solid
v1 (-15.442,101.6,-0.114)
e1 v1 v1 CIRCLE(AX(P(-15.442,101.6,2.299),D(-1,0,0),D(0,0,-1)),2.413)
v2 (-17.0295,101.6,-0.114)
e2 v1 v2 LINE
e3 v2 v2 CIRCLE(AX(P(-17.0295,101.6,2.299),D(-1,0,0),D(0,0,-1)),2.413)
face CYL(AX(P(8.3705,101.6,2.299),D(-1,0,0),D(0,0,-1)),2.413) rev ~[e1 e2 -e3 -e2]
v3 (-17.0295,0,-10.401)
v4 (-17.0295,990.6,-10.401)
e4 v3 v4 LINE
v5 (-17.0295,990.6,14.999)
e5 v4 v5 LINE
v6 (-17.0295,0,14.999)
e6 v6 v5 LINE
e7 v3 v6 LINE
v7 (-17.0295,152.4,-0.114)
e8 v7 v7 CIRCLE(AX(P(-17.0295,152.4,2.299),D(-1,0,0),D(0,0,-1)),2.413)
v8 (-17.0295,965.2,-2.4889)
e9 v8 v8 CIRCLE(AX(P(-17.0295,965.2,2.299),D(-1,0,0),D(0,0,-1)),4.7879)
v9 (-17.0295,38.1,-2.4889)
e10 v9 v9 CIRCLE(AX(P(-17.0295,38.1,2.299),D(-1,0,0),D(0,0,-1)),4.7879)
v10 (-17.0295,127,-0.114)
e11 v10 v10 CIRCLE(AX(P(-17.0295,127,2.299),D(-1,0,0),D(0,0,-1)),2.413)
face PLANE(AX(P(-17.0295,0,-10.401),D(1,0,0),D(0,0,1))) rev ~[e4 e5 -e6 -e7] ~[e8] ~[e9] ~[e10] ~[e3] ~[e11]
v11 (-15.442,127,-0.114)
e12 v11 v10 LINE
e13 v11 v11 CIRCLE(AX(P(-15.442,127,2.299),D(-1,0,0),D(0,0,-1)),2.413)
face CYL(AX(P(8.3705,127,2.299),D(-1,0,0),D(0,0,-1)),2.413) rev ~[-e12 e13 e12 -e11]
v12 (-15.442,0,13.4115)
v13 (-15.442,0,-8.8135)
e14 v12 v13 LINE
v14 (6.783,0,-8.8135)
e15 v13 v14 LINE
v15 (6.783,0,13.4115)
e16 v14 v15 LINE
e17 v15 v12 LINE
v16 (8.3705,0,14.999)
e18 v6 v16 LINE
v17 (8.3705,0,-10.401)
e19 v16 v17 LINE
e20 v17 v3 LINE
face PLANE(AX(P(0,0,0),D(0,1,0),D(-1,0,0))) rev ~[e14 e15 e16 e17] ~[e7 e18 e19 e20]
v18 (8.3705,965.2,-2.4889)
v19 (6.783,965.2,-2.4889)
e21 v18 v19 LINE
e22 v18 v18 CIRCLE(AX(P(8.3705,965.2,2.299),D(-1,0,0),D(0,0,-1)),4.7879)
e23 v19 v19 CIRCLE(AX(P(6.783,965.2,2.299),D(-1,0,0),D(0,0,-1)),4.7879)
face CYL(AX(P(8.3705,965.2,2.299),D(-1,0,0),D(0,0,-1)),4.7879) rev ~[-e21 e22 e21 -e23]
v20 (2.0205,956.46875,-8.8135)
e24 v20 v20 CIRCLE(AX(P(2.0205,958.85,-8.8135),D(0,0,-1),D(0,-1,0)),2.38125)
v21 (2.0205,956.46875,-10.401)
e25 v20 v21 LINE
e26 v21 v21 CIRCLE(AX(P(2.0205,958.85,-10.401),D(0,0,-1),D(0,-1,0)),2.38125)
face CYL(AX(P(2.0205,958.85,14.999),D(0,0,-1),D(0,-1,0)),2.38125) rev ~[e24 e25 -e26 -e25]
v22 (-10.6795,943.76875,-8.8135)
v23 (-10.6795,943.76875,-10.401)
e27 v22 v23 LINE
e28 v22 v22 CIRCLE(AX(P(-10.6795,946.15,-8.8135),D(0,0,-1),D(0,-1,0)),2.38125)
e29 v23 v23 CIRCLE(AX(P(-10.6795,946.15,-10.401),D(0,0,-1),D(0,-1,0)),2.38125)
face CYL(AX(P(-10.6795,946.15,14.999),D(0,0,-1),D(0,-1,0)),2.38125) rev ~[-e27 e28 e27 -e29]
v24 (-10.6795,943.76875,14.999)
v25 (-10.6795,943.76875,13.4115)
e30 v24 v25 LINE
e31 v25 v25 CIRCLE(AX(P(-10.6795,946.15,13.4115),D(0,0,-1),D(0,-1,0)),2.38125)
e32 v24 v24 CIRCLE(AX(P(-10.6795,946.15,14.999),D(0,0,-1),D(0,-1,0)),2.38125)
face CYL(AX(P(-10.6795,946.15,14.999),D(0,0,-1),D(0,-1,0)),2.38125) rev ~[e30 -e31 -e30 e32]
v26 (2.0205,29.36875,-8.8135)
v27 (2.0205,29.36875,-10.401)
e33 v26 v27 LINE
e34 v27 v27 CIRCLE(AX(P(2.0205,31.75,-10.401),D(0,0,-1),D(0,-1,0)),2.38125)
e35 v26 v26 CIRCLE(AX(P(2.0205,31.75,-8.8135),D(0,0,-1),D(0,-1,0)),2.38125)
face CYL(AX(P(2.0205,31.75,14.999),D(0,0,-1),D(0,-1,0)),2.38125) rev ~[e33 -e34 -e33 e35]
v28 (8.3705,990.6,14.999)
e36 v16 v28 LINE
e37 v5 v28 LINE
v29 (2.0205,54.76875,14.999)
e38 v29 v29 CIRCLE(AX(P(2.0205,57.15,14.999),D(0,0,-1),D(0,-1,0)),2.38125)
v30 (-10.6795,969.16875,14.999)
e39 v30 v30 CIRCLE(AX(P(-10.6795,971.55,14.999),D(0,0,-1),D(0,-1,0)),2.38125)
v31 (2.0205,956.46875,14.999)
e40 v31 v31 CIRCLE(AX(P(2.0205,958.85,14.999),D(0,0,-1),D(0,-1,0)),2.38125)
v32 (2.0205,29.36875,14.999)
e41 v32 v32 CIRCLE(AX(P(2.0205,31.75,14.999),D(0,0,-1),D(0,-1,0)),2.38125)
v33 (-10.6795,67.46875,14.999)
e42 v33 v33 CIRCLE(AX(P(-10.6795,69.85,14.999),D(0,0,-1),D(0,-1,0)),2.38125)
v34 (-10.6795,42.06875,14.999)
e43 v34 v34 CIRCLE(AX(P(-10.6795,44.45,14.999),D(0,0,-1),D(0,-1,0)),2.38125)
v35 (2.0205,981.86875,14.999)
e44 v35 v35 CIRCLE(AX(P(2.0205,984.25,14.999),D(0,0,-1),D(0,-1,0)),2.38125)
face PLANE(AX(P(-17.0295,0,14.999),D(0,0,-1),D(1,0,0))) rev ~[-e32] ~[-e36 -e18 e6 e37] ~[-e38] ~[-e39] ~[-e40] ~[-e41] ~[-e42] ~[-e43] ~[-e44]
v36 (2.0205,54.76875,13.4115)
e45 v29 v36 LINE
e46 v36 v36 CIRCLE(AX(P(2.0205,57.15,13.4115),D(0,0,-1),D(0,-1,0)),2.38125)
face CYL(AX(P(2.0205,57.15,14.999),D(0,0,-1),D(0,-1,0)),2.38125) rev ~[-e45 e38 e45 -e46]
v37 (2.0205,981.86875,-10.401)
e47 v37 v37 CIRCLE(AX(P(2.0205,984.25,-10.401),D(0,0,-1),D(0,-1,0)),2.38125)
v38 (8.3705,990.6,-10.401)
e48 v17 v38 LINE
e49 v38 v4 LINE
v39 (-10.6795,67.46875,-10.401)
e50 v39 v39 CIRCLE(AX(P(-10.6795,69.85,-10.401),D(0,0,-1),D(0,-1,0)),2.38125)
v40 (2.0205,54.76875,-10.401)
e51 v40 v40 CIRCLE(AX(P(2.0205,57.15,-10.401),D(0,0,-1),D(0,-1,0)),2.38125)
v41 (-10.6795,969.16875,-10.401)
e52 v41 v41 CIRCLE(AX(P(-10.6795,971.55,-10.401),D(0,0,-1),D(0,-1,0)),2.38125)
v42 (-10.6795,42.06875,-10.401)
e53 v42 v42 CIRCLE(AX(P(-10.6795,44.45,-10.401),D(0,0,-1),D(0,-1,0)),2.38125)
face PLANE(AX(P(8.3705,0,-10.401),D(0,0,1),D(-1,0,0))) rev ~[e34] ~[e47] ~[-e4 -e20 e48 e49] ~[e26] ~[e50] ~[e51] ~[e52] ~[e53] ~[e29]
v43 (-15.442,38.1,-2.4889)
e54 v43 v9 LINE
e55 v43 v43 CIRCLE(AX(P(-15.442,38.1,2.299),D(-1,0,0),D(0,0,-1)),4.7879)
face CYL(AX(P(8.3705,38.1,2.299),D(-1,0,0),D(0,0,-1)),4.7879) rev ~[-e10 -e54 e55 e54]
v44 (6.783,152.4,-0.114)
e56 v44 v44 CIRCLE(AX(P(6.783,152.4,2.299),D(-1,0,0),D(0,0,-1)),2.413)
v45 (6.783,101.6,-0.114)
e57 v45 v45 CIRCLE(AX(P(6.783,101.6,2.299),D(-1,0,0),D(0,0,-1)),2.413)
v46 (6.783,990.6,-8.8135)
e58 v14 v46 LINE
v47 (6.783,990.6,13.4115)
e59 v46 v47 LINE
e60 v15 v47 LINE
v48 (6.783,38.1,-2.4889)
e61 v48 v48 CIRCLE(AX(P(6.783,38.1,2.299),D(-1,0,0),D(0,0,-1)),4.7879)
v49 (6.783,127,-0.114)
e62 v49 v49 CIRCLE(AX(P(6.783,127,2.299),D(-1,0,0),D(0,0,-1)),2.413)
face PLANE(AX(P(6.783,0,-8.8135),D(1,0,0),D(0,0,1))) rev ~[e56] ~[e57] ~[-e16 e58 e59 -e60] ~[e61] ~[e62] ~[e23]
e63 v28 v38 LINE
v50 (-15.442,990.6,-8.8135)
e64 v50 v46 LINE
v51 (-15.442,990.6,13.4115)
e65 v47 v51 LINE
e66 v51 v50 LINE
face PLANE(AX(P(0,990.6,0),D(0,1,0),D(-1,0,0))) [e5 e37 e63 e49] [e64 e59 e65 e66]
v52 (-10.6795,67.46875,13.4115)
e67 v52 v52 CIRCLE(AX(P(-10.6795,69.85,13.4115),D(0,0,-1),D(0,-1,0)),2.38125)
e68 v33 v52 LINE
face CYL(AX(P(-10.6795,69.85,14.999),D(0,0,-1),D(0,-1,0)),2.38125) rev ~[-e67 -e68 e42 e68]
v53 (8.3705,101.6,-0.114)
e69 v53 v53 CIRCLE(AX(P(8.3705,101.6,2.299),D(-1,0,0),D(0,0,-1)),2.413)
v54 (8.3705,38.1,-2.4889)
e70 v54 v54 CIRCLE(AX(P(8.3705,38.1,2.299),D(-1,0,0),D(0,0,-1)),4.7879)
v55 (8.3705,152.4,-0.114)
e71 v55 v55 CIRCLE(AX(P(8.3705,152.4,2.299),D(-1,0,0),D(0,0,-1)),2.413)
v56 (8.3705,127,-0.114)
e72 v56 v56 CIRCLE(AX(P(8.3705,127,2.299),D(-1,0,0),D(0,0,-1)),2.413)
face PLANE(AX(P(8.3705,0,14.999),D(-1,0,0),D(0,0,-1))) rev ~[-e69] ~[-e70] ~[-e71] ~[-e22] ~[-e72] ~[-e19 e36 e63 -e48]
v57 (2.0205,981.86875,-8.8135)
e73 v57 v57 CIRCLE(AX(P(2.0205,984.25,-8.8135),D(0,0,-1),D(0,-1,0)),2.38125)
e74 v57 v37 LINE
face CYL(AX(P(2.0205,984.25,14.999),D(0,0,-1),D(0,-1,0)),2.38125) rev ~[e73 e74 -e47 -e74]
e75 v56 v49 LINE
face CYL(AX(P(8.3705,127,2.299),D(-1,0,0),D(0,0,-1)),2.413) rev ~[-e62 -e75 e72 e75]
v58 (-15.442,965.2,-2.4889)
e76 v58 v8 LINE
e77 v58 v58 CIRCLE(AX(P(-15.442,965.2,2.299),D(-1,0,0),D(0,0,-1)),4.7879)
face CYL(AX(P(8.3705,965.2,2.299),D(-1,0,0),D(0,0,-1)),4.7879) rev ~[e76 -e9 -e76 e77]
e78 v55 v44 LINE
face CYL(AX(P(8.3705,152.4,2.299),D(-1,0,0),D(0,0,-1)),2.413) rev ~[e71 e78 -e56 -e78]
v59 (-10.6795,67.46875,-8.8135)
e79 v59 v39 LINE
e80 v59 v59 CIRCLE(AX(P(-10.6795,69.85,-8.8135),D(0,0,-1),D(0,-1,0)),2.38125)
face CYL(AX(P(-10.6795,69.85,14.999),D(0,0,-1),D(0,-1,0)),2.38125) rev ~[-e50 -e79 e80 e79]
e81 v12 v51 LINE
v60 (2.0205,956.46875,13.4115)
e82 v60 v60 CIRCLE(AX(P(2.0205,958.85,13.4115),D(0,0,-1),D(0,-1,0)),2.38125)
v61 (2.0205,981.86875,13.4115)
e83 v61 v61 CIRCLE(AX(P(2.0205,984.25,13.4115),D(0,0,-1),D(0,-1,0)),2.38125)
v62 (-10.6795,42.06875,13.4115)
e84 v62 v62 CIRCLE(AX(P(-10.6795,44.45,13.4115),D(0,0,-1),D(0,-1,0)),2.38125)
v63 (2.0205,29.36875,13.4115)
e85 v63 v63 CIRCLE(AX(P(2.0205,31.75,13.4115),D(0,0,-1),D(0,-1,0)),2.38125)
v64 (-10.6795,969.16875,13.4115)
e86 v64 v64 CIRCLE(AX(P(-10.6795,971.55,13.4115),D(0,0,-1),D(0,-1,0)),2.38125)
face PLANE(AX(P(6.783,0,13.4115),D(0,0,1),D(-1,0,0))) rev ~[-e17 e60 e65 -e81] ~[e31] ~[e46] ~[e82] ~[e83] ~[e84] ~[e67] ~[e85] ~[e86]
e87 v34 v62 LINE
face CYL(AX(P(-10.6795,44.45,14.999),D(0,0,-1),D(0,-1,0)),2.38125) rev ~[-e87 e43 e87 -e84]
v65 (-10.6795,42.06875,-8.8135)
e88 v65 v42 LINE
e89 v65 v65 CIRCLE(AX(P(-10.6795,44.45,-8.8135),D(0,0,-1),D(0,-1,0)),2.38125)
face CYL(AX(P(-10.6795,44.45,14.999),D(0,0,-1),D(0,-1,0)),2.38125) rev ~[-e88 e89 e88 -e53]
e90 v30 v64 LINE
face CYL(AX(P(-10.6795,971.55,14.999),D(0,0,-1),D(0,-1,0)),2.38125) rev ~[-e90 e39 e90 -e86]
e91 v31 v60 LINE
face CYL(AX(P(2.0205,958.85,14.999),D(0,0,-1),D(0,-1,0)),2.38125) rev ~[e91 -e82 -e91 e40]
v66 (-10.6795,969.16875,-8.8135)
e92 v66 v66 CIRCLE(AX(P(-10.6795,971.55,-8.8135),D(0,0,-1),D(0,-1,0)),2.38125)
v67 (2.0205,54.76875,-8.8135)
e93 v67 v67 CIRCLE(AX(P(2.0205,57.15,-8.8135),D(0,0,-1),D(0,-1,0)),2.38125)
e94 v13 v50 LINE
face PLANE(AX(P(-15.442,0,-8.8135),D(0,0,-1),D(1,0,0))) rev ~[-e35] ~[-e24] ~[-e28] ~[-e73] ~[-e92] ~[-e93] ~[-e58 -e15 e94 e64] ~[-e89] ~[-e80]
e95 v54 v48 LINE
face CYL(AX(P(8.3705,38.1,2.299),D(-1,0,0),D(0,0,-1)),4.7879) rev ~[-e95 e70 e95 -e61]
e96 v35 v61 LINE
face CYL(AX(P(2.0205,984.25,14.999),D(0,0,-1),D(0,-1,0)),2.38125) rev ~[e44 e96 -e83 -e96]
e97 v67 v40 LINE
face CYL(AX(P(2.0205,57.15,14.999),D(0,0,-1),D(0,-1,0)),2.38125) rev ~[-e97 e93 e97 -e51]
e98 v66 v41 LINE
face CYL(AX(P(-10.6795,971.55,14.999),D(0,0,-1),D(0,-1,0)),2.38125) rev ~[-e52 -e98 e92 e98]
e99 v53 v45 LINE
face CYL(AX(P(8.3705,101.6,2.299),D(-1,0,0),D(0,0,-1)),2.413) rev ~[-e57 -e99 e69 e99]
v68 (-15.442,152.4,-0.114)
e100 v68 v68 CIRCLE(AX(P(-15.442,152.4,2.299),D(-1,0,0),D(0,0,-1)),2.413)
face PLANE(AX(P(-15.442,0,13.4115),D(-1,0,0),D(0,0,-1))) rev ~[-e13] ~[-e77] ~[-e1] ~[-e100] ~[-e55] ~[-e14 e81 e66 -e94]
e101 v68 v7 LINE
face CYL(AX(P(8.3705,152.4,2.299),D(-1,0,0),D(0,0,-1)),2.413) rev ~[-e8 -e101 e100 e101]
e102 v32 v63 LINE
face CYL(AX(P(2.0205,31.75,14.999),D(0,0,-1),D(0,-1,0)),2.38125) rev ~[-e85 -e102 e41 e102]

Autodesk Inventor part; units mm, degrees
ref_plane "YZ Plane" through (0, 0, 0) normal (1, 0, 0) x (0, 1, 0)
ref_plane "XZ Plane" through (0, 0, 0) normal (0, 1, 0) x (-1, 0, 0)
ref_plane "XY Plane" through (0, 0, 0) normal (0, 0, 1) x (1, 0, 0)
sketch "Sketch1" plane through (0, 0, 0) normal (0, 1, 0) x (-1, 0, 0)
  line L0 (17.0295, 14.999) -> (-8.3705, 14.999)
  line L1 (-8.3705, 14.999) -> (-8.3705, -10.401)
  line L2 (-8.3705, -10.401) -> (17.0295, -10.401)
  line L3 (17.0295, -10.401) -> (17.0295, 14.999)
  line L4 (15.442, -8.8135) -> (-6.783, -8.8135)
  line L5 (-6.783, -8.8135) -> (-6.783, 13.4115)
  line L6 (-6.783, 13.4115) -> (15.442, 13.4115)
  line L7 (15.442, 13.4115) -> (15.442, -8.8135)
  point P0 (0, 0)
  dimension "d0" = 25.4
  dimension "d1" = 25.4
  dimension "d4" = 1.5875
  dimension "d5" = 1.5875
  dimension "d6" = 1.5875
  dimension "d7" = 1.5875
extrude "Extrusion2" add sketch "Sketch1" along normal blind 990.6
sketch "Sketch6" plane through (8.3705, 0, 14.999) normal (1, 0, 0) x (0, 0, -1)
  line L0 (25.4, 0) -> (25.4, 990.6) projected
  line L1 (0, 0) -> (25.4, 0) projected
  point P0 (14.999, 0)
  point P1 (12.7, 38.1)
  dimension "d46" = 12.7
  dimension "d47" = 38.1
hole "Hole5" at (8.3705, 38.1, 2.299) direction (-1, 0, 0) diameter 9.5758 depth 25.4 tip angle 118
sketch "Sketch7" plane through (8.3705, 0, 14.999) normal (1, 0, 0) x (0, 0, -1)
  line L0 (25.4, 0) -> (25.4, 990.6) projected
  line L1 (0, 990.6) -> (25.4, 990.6) projected
  point P0 (14.999, 0)
  point P1 (12.7, 965.2)
  dimension "d55" = 12.7
  dimension "d56" = 25.4
hole "Hole6" at (8.3705, 965.2, 2.299) direction (-1, 0, 0) diameter 9.5758 depth 25.4 tip angle 118
sketch "Sketch8" plane through (8.3705, 0, 14.999) normal (1, 0, 0) x (0, 0, -1)
  line L0 (0, 0) -> (25.4, 0) projected
  line L1 (25.4, 0) -> (25.4, 990.6) projected
  point P0 (14.999, 0)
  point P1 (12.7, 101.6)
  point P2 (12.7, 127)
  point P3 (12.7, 152.4)
  dimension "d64" = 25.4
  dimension "d65" = 25.4
  dimension "d66" = 101.6
  dimension "d67" = 12.7
  dimension "d68" = 0
  dimension "d69" = 0
hole "Hole7" at (8.3705, 101.6, 2.299) at (8.3705, 127, 2.299) at (8.3705, 152.4, 2.299) direction (-1, 0, 0) diameter 4.826 depth 25.4 tip angle 118
sketch "Sketch9" plane through (-17.0295, 0, 14.999) normal (0, 0, 1) x (1, 0, 0)
  line L0 (25.4, 0) -> (25.4, 990.6) projected
  line L1 (0, 990.6) -> (25.4, 990.6) projected
  line L2 (0, 0) -> (0, 990.6) projected
  point P0 (17.0295, 0)
  point P1 (19.05, 984.25)
  point P2 (6.35, 971.55)
  point P3 (19.05, 958.85)
  point P4 (6.35, 946.15)
  dimension "d77" = 6.35
  dimension "d78" = 6.35
  dimension "d79" = 6.35
  dimension "d80" = 6.35
  dimension "d81" = 6.35
  dimension "d82" = 19.05
  dimension "d83" = 25.4
  dimension "d84" = 25.4
hole "Hole8" at (2.0205, 984.25, 14.999) at (-10.6795, 971.55, 14.999) at (2.0205, 958.85, 14.999) at (-10.6795, 946.15, 14.999) direction (0, 0, -1) diameter 4.7625 depth 25.4 tip angle 118
sketch "Sketch10" plane through (-17.0295, 0, 14.999) normal (0, 0, 1) x (1, 0, 0)
  line L0 (25.4, 0) -> (25.4, 990.6) projected
  line L1 (0, 0) -> (0, 990.6) projected
  line L2 (0, 0) -> (25.4, 0) projected
  point P0 (17.0295, 0)
  point P1 (6.35, 69.85)
  point P2 (19.05, 57.15)
  point P3 (6.35, 44.45)
  point P4 (19.05, 31.75)
  dimension "d92" = 6.35
  dimension "d93" = 6.35
  dimension "d94" = 6.35
  dimension "d95" = 6.35
  dimension "d96" = 25.4
  dimension "d97" = 25.4
  dimension "d98" = 31.75
  dimension "d99" = 44.45
hole "Hole9" at (-10.6795, 69.85, 14.999) at (2.0205, 57.15, 14.999) at (-10.6795, 44.45, 14.999) at (2.0205, 31.75, 14.999) direction (0, 0, -1) diameter 4.7625 depth 25.4 tip angle 118
equation "\"d0\" = ElvBeamWidth"
equation "\"d1\" = ElvBeamWidth"
equation "\"d4\" = ElvWallWidth"
equation "\"d5\" = ElvWallWidth"
equation "\"d6\" = ElvWallWidth"
equation "\"d7\" = ElvWallWidth"
equation "\"d8\" = ElvFrontBeamLength"
equation "\"d47\" = ElvHoleFromBottom"
equation "\"d56\" = ElvHoleFromFront"
equation "\"ElvMiddleBeamLength\" = 990.6"
equation "\"ElvWallWidth\" = 1.5875"
equation "\"ElvFrontBeamLength\" = 990.6"
equation "\"ElvEndEffectLength\" = 431.8"
equation "\"ElvCrossBeamLength\" = 304.8"
equation "\"ElvBeamWidth\" = 25.4"
equation "\"ElvFrontBeamLength_1\" = 1066.8"
equation "\"ElvFixedBeamLength\" = 990.6"
equation "\"ElvDelFrontTabLength\" = 6.35"
equation "\"ElvDelDepth\" = 6.35"
equation "\"ElvDelHeight\" = 101.6"
equation "\"ElvDelWidth\" = 18.542"
equation "\"ElvTopBeamLength\" = 457.2"
equation "\"ElvHoleFromBottom\" = 38.1"
equation "\"ElvHoleFromMid\" = 38.1"
equation "\"ElvHoleFromFixed\" = 50.8"
equation "\"ElvHoleFromFront\" = 25.4"
equation "\"ElvRivetPlateLength\" = 76.2"
equation "\"ElvDelMiddleTabLength\" = 6.35"
properties part number "ElvFrontBeam" material "Aluminum 6061"
